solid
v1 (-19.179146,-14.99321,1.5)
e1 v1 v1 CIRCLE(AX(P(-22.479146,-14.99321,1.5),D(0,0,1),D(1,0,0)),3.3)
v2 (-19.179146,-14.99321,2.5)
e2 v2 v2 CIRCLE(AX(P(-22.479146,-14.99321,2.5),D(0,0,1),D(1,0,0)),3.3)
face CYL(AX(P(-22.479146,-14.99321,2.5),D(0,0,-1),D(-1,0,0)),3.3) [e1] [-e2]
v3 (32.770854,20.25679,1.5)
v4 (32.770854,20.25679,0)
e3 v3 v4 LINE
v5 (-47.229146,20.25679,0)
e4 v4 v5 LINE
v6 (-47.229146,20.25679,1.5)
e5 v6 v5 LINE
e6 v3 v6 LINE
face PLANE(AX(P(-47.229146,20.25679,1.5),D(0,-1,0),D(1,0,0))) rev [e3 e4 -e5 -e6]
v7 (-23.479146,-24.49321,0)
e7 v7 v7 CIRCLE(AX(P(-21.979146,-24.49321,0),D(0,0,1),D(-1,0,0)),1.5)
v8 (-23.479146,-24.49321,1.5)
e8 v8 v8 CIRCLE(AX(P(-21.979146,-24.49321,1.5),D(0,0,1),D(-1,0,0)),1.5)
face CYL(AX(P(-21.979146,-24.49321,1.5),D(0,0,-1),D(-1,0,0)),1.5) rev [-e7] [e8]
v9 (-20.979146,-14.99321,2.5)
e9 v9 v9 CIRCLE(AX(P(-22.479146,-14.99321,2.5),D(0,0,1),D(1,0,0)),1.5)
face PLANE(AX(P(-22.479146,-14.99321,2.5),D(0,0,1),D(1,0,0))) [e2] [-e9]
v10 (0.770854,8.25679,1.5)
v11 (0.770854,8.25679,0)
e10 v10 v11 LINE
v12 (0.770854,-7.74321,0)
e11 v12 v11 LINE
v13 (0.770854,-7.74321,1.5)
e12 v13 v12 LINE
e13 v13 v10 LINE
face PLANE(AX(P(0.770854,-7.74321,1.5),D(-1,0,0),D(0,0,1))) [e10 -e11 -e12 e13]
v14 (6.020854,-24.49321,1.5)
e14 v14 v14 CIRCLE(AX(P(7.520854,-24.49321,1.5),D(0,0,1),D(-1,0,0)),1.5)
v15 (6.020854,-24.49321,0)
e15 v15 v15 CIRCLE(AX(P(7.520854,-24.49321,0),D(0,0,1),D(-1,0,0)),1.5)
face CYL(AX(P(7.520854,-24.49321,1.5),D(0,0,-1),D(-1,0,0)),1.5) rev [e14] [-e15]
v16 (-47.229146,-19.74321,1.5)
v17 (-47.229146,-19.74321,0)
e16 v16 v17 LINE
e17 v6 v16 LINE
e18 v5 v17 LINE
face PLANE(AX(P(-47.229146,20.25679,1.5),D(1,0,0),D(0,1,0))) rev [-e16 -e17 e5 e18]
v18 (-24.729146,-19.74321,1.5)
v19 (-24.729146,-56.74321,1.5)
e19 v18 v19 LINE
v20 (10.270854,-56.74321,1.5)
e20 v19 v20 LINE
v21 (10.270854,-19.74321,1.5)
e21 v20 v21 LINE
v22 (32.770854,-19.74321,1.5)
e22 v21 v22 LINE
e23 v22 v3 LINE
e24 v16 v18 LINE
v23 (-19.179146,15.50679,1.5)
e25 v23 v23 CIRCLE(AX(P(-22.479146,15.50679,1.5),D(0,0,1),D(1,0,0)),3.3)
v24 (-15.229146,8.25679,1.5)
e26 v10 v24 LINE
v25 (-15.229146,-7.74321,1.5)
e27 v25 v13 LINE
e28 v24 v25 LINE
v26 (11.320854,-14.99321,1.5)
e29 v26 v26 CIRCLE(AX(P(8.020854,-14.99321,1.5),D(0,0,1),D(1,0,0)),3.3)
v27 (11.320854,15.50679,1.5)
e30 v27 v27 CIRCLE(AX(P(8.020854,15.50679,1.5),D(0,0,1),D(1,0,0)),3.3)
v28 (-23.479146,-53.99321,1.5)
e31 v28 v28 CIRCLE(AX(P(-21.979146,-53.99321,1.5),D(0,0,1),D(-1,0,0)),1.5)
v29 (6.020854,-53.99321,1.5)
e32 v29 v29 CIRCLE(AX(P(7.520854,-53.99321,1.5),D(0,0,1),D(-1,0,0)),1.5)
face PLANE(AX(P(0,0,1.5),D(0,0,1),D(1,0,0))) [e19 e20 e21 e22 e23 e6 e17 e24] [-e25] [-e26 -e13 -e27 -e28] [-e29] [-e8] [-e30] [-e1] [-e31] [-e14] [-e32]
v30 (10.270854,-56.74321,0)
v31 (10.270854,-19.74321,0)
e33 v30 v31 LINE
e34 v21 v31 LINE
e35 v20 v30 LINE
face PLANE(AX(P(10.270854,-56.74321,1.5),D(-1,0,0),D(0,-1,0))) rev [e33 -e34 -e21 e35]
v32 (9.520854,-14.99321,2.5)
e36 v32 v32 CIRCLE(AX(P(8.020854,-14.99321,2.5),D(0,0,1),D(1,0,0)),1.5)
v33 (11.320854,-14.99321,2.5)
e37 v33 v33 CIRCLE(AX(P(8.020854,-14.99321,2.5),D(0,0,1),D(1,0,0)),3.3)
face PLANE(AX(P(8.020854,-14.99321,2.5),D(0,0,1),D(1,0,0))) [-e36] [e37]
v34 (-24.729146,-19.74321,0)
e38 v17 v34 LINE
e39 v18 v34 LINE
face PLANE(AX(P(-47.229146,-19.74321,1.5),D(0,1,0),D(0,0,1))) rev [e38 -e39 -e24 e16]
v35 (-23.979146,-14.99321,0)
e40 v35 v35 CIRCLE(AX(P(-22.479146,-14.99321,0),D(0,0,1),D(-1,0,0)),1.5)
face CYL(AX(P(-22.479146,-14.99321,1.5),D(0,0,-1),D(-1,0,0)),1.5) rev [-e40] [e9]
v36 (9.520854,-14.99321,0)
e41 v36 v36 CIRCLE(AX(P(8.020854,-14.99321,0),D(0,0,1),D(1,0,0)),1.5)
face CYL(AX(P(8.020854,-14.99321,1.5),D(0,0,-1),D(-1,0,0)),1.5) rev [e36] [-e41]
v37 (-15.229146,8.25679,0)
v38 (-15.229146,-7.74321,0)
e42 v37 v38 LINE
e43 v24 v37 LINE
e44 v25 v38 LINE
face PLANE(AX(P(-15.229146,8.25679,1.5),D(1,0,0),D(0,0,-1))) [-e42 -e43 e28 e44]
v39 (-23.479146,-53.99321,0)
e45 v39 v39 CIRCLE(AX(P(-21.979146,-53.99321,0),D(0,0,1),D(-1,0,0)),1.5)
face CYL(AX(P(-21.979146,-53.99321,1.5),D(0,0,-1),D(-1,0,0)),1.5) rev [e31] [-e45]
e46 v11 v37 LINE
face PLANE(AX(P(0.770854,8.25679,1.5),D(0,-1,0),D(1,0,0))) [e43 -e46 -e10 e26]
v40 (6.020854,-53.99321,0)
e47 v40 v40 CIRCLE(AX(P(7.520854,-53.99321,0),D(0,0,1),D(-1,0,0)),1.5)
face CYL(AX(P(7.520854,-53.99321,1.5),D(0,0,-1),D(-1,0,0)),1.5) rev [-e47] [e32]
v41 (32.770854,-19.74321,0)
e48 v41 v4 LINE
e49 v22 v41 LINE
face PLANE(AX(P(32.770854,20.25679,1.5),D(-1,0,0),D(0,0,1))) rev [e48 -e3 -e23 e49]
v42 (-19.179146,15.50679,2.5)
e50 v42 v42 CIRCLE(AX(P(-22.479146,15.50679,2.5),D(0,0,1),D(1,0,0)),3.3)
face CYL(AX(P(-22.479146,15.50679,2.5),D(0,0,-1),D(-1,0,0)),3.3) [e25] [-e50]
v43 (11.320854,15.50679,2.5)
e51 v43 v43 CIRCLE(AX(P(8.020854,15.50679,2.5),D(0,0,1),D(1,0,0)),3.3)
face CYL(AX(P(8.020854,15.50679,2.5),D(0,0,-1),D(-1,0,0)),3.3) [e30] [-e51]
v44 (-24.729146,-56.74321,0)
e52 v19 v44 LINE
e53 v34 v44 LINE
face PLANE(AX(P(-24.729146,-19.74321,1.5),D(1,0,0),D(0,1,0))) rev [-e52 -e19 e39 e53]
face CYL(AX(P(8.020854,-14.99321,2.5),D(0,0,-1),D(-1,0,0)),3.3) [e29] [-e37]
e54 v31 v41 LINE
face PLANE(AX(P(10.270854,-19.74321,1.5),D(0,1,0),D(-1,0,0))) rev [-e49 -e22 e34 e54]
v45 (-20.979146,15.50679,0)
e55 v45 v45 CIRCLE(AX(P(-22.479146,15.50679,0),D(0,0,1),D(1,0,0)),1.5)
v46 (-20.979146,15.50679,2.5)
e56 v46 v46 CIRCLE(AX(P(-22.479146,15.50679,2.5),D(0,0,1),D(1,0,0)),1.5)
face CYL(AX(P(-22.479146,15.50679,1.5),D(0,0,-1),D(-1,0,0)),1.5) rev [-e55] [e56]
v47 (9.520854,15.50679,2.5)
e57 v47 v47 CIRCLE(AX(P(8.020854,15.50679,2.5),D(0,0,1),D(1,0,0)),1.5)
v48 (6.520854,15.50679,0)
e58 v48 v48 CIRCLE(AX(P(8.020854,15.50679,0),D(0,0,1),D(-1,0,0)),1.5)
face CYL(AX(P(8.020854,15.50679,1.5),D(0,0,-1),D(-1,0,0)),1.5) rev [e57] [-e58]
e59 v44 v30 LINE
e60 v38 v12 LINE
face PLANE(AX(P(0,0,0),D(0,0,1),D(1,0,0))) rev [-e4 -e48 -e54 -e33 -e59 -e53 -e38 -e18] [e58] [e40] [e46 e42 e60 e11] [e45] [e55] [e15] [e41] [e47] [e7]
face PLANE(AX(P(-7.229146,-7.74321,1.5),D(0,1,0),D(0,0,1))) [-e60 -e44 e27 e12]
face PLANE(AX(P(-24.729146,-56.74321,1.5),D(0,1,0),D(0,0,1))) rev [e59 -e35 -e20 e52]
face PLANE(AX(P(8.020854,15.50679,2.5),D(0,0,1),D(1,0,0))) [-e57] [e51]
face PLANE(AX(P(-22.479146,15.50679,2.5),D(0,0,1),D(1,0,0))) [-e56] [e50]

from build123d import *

# Parameters (mm, degrees)
SKETCH_2_R      = 1.5
EXTRUDE_1_DEPTH = 1.5
SKETCH_3_R      = 3.3
SKETCH_3_R_2    = 1.5
EXTRUDE_2_DEPTH = 1


with BuildPart() as part:
    # 草图2 → 凸台-拉伸1 (new body)
    with BuildSketch(Plane.XY):
        Polygon((-47.229146383, 20.256789608), (32.770853617, 20.256789608), (32.770853617, -19.743210392), (10.270853617, -19.743210392), (10.270853617, -56.743210392), (-24.729146383, -56.743210392), (-24.729146383, -19.743210392), (-47.229146383, -19.743210392), align=None)
        with Locations((-22.479146383, 15.506789608)):
            Circle(SKETCH_2_R, mode=Mode.SUBTRACT)
        with Locations(Location((8.020853617, 15.506789608, 0), (0, 0, 180))):
            Circle(SKETCH_2_R, mode=Mode.SUBTRACT)
        with Locations((8.020853617, -14.993210392)):
            Circle(SKETCH_2_R, mode=Mode.SUBTRACT)
        with Locations(Location((-22.479146383, -14.993210392, 0), (0, 0, 180))):
            Circle(SKETCH_2_R, mode=Mode.SUBTRACT)
        with Locations(Location((-21.979146383, -24.493210392, 0), (0, 0, 180))):
            Circle(SKETCH_2_R, mode=Mode.SUBTRACT)
        with Locations(Location((7.520853617, -24.493210392, 0), (0, 0, 180))):
            Circle(SKETCH_2_R, mode=Mode.SUBTRACT)
        with Locations(Location((-21.979146383, -53.993210392, 0), (0, 0, 180))):
            Circle(SKETCH_2_R, mode=Mode.SUBTRACT)
        with Locations(Location((7.520853617, -53.993210392, 0), (0, 0, 180))):
            Circle(SKETCH_2_R, mode=Mode.SUBTRACT)
        Polygon((-7.229146383, -7.743210392), (0.770853617, -7.743210392), (0.770853617, 8.256789608), (-15.229146383, 8.256789608), (-15.229146383, -7.743210392), align=None, mode=Mode.SUBTRACT)
    extrude(amount=EXTRUDE_1_DEPTH)

    # 草图3 → 凸台-拉伸2 (add)
    # profile 1 of 4: a face of its own
    with BuildSketch(Plane.XY.offset(1.5)):
        with Locations((-22.479146383, 15.506789608)):
            Circle(SKETCH_3_R)
        with Locations((-22.479146383, 15.506789608)):
            Circle(SKETCH_3_R_2, mode=Mode.SUBTRACT)
    # profile 2 of 4: a face of its own
    with BuildSketch(Plane.XY.offset(1.5)):
        with Locations((8.020853617, 15.506789608)):
            Circle(SKETCH_3_R)
        with Locations(Location((8.020853617, 15.506789608, 0), (0, 0, 180))):
            Circle(SKETCH_3_R_2, mode=Mode.SUBTRACT)
    # profile 3 of 4: a face of its own
    with BuildSketch(Plane.XY.offset(1.5)):
        with Locations((-22.479146383, -14.993210392)):
            Circle(SKETCH_3_R)
        with Locations(Location((-22.479146383, -14.993210392, 0), (0, 0, 180))):
            Circle(SKETCH_3_R_2, mode=Mode.SUBTRACT)
    # profile 4 of 4: a face of its own
    with BuildSketch(Plane.XY.offset(1.5)):
        with Locations((8.020853617, -14.993210392)):
            Circle(SKETCH_3_R)
        with Locations((8.020853617, -14.993210392)):
            Circle(SKETCH_3_R_2, mode=Mode.SUBTRACT)
    extrude(amount=EXTRUDE_2_DEPTH)


solid = part.part
